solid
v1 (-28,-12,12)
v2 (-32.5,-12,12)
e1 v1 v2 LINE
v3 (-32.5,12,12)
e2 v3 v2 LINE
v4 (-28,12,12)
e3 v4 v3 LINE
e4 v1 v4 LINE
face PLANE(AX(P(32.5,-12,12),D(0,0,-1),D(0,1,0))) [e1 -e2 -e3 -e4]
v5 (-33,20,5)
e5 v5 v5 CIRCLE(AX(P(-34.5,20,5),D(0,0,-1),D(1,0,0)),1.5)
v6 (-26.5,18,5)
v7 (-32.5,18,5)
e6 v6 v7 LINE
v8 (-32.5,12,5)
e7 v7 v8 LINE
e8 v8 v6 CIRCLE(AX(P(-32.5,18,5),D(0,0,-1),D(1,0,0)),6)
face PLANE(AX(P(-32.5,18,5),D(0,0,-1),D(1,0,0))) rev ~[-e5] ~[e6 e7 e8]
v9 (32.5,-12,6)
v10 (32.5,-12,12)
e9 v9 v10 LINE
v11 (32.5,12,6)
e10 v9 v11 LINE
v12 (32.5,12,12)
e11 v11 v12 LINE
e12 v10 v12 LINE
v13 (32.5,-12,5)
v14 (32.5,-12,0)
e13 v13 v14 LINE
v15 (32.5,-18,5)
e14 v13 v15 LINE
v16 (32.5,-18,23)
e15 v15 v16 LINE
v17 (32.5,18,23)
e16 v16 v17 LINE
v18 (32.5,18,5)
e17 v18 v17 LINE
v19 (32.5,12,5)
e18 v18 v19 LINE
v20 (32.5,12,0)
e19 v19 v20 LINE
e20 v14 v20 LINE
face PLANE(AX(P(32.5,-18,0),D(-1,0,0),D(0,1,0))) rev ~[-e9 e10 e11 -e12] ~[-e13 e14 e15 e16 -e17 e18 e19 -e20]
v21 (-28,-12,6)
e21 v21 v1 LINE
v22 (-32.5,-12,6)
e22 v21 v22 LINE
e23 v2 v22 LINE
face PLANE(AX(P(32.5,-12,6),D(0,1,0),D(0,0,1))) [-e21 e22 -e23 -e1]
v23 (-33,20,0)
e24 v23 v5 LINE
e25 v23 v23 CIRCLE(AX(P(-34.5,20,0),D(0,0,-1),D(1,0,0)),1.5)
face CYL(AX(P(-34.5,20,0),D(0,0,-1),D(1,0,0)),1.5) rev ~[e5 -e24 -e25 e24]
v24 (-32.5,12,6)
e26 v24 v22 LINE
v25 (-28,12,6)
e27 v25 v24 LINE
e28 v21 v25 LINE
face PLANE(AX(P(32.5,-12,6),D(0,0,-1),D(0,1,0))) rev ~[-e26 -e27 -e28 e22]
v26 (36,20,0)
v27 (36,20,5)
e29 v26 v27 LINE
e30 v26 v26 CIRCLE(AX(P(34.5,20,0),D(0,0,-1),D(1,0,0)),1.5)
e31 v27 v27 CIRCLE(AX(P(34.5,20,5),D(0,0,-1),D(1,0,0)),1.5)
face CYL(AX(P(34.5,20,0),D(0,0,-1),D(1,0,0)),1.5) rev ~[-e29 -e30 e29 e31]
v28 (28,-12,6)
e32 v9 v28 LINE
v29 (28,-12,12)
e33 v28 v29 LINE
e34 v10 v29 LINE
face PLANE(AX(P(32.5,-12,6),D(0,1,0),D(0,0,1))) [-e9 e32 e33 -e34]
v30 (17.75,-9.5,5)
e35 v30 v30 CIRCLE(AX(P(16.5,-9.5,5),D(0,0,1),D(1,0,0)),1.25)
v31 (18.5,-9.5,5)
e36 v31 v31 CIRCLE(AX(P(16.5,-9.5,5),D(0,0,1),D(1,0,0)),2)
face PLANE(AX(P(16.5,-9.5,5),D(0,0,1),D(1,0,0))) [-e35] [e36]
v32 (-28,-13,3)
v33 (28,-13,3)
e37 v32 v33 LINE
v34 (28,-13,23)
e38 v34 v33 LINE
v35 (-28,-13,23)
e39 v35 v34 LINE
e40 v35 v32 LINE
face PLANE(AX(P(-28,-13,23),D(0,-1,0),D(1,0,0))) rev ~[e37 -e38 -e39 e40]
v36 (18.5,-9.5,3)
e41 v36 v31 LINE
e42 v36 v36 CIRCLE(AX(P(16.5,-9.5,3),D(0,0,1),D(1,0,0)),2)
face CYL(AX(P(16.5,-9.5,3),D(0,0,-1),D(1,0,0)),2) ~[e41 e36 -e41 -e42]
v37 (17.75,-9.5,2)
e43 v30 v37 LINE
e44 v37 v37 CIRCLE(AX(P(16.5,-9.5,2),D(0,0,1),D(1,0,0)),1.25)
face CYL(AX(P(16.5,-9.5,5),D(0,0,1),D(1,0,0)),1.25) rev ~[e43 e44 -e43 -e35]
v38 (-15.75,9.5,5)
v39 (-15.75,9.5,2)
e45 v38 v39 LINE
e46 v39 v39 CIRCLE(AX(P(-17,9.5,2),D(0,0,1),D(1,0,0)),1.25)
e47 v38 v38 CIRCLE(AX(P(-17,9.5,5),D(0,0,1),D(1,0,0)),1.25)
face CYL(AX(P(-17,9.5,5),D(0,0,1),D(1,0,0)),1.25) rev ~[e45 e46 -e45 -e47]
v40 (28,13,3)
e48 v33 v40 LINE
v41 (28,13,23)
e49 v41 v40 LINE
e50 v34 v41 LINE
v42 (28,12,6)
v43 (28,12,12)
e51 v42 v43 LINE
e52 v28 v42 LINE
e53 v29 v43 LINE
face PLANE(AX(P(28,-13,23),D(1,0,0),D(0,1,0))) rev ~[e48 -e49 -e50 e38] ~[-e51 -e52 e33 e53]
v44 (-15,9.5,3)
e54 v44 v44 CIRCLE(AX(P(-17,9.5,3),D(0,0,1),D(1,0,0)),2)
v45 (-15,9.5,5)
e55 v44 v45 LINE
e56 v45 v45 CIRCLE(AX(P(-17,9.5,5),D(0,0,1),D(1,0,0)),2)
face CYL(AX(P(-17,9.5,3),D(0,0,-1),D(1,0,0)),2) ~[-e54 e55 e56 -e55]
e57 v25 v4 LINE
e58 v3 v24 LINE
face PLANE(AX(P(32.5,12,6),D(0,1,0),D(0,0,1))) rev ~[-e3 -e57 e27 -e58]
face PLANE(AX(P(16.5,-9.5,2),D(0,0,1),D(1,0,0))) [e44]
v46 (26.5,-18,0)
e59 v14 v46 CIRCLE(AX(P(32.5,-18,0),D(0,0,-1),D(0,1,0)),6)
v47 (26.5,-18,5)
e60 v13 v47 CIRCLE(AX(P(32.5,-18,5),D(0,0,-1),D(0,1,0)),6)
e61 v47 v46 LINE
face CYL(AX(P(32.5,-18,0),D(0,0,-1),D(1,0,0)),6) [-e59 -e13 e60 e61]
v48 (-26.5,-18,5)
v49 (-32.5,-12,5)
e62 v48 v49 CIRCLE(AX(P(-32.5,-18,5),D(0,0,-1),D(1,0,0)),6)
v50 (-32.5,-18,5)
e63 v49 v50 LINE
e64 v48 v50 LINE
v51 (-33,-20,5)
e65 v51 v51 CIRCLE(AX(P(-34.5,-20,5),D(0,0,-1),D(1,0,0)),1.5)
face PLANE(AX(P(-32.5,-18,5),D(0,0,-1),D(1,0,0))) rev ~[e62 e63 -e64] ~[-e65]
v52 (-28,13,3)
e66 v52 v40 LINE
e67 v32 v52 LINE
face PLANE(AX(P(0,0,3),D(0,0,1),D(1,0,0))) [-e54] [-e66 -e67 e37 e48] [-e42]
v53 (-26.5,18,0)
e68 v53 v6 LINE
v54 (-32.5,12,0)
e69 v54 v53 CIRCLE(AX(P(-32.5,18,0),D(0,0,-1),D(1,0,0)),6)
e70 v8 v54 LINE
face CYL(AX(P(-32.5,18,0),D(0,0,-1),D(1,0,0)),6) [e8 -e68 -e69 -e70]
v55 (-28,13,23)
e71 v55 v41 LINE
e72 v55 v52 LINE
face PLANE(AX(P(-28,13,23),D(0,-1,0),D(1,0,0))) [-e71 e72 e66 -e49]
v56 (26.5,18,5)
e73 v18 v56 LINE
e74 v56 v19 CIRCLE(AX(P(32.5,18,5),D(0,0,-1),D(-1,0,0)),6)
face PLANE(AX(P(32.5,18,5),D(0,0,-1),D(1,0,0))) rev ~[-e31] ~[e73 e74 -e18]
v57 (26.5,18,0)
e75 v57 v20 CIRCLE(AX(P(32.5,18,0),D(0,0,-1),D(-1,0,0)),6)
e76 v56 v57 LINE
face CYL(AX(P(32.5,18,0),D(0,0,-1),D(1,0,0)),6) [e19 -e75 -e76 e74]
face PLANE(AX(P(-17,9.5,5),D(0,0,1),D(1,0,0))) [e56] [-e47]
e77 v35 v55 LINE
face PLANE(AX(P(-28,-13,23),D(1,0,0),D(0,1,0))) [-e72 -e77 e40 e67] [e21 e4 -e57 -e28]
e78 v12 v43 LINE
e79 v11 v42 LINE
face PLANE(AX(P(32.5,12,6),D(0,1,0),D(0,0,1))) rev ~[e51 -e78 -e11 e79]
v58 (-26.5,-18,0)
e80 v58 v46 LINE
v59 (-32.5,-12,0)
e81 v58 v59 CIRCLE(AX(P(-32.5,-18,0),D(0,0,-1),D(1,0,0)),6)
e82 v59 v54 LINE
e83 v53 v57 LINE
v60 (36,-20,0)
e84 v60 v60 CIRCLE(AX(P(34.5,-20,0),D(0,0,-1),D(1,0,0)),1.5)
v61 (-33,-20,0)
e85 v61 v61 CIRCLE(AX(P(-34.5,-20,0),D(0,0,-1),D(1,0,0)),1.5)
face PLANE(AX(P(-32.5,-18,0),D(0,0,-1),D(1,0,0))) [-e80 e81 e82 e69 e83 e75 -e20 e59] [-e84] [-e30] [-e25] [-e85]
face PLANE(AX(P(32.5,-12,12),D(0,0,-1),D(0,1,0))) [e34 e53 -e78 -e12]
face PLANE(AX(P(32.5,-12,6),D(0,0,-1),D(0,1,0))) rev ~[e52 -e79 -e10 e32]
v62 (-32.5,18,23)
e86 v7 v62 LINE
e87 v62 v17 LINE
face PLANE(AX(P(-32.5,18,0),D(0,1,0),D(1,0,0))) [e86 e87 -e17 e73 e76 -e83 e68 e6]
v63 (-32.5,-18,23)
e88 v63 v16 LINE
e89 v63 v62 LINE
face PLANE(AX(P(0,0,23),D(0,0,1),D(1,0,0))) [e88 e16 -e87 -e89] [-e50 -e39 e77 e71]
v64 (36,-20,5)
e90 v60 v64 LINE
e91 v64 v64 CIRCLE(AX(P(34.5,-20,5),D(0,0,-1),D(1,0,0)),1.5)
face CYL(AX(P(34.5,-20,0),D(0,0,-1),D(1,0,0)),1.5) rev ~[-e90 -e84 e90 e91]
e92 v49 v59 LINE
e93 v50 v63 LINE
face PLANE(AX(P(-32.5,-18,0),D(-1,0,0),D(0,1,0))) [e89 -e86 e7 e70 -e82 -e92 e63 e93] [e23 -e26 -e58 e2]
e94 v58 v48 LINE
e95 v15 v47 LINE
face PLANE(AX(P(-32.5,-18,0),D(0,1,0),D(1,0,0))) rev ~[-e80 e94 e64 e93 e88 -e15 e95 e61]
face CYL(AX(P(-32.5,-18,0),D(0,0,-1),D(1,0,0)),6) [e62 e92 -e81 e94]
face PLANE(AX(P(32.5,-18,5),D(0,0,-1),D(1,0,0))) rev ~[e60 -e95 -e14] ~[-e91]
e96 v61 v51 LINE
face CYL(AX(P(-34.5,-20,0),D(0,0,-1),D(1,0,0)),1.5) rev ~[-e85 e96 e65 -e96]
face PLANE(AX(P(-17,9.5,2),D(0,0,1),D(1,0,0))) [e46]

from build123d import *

# Parameters (mm, degrees)
F0_W      = 65
F0_H      = 36
F1_DEPTH  = 23
F2_W      = 56
F2_H      = 26
F3_DEPTH  = 20
F4_R      = 2
F5_DEPTH  = 2
F6_R      = 1.25
F7_DEPTH  = 3
F8_R      = 1.25
F9_DEPTH  = 3
F10_R     = 6
F10_R_2   = 1.5
F11_DEPTH = 5
F12_W     = 24
F12_H     = 6
F13_DEPTH = 100


with BuildPart() as f1:
    # F0 (on Top) → F1 (new body)
    with BuildSketch(Plane.XY):
        Rectangle(F0_W, F0_H)
    extrude(amount=F1_DEPTH)

    # F2 (on face) → F3 (cut)
    with BuildSketch(Plane.XY.offset(23)):
        Rectangle(F2_W, F2_H)
    extrude(amount=-F3_DEPTH, mode=Mode.SUBTRACT)

    # F4 (on face) → F5 (join)
    with BuildSketch(Plane.XY.offset(3)):
        with Locations((-17, 9.5)):
            Circle(F4_R)
        with Locations((16.5, -9.5)):
            Circle(F4_R)
    extrude(amount=F5_DEPTH)

    # F6 (on face) → F7 (cut)
    with BuildSketch(Plane.XY.offset(5)):
        with Locations((-17, 9.5)):
            Circle(F6_R)
    extrude(amount=-F7_DEPTH, mode=Mode.SUBTRACT)

    # F8 (on face) → F9 (cut)
    with BuildSketch(Plane.XY.offset(5)):
        with Locations((16.5, -9.5)):
            Circle(F8_R)
    extrude(amount=-F9_DEPTH, mode=Mode.SUBTRACT)

    # F10 (on face) → F11 (join)
    with BuildSketch(Plane(origin=(0, 0, 0), x_dir=(1, 0, 0), z_dir=(0, 0, -1))):
        with Locations((-32.5, 18)):
            Circle(F10_R)
        with Locations((-34.5, 20)):
            Circle(F10_R_2, mode=Mode.SUBTRACT)
        with Locations((32.5, 18)):
            Circle(F10_R)
        with Locations((34.5, 20)):
            Circle(F10_R_2, mode=Mode.SUBTRACT)
        with Locations((32.5, -18)):
            Circle(F10_R)
        with Locations((34.5, -20)):
            Circle(F10_R_2, mode=Mode.SUBTRACT)
        with Locations((-32.5, -18)):
            Circle(F10_R)
        with Locations((-34.5, -20)):
            Circle(F10_R_2, mode=Mode.SUBTRACT)
    extrude(amount=-F11_DEPTH)

    # F12 (on face) → F13 (cut)
    with BuildSketch(Plane.YZ.offset(32.5)):
        with Locations((0, 9)):
            Rectangle(F12_W, F12_H)
    extrude(amount=-F13_DEPTH, mode=Mode.SUBTRACT)


solid = f1.part
